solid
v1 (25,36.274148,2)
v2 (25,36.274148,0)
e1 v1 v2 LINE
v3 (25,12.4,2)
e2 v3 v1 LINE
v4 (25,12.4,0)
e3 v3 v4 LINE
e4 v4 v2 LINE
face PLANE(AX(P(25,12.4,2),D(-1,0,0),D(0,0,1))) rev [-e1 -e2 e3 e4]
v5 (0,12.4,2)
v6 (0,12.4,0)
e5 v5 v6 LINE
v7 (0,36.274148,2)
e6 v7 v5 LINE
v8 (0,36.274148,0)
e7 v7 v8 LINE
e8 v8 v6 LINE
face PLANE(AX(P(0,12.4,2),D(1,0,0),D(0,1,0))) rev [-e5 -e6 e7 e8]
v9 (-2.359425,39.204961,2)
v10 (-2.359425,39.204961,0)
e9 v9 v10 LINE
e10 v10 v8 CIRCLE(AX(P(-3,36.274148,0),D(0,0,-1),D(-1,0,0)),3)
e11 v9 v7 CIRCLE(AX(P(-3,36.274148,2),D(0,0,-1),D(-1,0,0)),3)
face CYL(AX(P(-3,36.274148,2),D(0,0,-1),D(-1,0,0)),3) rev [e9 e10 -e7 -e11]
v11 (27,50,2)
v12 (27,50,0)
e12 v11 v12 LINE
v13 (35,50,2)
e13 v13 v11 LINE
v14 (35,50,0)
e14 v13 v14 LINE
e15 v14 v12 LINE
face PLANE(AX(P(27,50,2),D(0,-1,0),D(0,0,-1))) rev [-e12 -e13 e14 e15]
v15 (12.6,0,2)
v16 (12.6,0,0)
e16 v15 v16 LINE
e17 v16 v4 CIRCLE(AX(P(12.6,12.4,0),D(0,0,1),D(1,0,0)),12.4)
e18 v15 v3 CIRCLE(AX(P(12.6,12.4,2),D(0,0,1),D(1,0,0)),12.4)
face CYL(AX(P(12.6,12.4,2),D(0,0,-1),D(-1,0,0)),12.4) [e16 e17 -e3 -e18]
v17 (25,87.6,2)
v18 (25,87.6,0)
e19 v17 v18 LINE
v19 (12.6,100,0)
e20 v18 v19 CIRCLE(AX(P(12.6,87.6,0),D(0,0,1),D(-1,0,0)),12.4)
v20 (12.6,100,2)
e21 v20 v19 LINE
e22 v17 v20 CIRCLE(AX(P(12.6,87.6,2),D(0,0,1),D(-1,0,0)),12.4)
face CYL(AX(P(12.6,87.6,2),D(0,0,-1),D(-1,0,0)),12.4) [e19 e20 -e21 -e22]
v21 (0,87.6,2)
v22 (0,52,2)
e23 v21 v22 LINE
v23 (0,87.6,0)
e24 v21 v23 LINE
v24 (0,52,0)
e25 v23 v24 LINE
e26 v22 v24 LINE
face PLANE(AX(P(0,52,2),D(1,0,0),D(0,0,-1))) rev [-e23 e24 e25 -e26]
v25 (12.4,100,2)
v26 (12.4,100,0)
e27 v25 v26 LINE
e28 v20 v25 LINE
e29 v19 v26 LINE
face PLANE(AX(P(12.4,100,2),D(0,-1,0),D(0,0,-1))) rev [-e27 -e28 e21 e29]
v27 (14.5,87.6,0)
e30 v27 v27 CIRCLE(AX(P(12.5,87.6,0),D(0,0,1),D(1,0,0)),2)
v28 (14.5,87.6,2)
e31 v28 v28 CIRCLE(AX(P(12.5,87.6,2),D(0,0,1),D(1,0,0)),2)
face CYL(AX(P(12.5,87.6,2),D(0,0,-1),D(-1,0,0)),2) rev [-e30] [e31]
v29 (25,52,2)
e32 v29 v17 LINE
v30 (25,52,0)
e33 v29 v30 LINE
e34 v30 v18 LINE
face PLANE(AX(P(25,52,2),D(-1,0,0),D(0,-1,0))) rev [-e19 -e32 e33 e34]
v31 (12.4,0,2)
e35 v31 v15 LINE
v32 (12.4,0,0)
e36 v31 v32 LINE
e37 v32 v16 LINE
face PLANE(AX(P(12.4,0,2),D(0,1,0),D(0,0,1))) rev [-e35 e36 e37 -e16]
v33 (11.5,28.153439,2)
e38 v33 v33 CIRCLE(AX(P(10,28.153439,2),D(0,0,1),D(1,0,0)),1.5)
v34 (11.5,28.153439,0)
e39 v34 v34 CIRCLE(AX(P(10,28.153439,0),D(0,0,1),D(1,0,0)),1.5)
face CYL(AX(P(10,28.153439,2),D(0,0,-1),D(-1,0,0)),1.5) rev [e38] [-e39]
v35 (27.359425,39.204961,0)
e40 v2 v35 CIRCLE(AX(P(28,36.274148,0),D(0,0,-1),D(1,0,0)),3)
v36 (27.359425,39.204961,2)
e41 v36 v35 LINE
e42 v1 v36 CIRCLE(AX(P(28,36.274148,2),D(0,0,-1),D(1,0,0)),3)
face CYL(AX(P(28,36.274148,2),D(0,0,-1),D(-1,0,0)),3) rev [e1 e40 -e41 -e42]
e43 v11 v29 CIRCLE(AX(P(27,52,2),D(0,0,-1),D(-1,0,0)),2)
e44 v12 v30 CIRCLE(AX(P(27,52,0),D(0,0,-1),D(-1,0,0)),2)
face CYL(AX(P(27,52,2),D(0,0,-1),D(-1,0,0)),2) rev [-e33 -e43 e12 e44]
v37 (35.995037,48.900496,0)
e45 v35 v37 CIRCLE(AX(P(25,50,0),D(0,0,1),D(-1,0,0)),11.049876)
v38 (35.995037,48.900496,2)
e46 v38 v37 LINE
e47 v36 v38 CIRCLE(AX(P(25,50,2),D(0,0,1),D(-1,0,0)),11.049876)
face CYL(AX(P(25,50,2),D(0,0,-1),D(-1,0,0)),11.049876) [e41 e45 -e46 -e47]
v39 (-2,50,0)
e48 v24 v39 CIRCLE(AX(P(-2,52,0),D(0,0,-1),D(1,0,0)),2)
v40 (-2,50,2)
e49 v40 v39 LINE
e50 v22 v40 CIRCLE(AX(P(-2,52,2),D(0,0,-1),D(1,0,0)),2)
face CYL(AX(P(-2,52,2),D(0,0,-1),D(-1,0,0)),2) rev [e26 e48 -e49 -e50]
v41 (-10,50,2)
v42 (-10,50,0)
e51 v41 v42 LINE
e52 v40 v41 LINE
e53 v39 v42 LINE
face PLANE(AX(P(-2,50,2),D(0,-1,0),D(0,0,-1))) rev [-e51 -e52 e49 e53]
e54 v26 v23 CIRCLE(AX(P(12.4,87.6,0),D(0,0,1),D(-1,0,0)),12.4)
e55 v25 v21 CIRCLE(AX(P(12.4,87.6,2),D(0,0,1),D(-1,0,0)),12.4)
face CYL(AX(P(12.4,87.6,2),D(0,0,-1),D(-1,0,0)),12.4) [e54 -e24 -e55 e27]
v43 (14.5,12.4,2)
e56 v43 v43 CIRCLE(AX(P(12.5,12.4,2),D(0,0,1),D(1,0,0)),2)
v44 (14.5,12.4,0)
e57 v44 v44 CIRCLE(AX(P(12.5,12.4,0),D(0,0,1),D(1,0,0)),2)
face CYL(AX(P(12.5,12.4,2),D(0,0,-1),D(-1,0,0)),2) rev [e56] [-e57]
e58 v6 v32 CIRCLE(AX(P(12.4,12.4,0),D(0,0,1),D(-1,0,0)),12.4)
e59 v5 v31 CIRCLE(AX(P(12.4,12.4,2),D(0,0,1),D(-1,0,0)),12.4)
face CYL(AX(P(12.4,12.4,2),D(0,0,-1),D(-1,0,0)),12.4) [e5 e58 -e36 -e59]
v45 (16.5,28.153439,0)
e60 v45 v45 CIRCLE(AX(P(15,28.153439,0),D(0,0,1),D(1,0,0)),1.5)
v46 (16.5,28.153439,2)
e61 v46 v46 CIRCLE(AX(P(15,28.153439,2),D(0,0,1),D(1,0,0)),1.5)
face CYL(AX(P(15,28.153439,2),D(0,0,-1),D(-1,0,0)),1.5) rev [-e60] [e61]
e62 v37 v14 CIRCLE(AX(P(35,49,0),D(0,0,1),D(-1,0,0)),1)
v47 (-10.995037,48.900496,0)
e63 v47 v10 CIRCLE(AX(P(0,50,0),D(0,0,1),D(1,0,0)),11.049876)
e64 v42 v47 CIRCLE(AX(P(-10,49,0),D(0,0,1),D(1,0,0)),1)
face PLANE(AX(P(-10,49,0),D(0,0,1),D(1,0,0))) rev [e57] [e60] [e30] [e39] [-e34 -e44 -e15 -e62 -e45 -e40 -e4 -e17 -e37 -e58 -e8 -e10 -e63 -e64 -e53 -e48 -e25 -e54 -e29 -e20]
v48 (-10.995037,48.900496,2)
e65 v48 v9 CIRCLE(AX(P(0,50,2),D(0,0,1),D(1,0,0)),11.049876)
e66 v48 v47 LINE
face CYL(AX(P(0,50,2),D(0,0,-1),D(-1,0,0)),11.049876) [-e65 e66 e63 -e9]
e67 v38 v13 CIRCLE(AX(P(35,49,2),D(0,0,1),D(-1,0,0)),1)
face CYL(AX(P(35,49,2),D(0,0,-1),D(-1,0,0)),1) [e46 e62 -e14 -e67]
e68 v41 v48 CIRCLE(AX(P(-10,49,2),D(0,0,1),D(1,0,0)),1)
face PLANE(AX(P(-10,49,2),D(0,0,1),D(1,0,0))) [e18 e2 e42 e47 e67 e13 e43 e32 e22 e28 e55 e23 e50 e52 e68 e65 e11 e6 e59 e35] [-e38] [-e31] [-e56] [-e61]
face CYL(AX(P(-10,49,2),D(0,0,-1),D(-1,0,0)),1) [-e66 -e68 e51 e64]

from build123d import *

# Parameters (mm, degrees)
SKETCH1_R           = 2
SKETCH1_R_2         = 1.5
BOSS_EXTRUDE1_DEPTH = 2


with BuildPart() as part:
    # Sketch1 → Boss-Extrude1 (new body)
    with BuildSketch(Plane.XY):
        with BuildLine():
            Line((12.4, 0), (12.6, 0))
            ThreePointArc((12.6, 0), (21.368124087, 3.631875913), (25, 12.4))
            Line((25, 12.4), (25, 36.274148297))
            ThreePointArc((25, 36.274148297), (25.663151139, 38.155407822), (27.359424934, 39.204961083))
            ThreePointArc((27.359424934, 39.204961083), (33.251440199, 42.65061323), (35.99503719, 48.900496281))
            ThreePointArc((35.99503719, 48.900496281), (35.741452534, 49.671005321), (35, 50))
            Line((35, 50), (27, 50))
            ThreePointArc((27, 50), (25.585786438, 50.585786438), (25, 52))
            Line((25, 52), (25, 87.6))
            ThreePointArc((25, 87.6), (21.368124087, 96.368124087), (12.6, 100))
            Line((12.6, 100), (12.4, 100))
            ThreePointArc((12.4, 100), (3.631875913, 96.368124087), (0, 87.6))
            Line((0, 87.6), (0, 52))
            ThreePointArc((0, 52), (-0.585786438, 50.585786438), (-2, 50))
            Line((-2, 50), (-10, 50))
            ThreePointArc((-10, 50), (-10.741452534, 49.671005321), (-10.99503719, 48.900496281))
            ThreePointArc((-10.99503719, 48.900496281), (-8.251440199, 42.65061323), (-2.359424934, 39.204961083))
            ThreePointArc((-2.359424934, 39.204961083), (-0.663151139, 38.155407822), (0, 36.274148297))
            Line((0, 36.274148297), (0, 12.4))
            ThreePointArc((0, 12.4), (3.631875913, 3.631875913), (12.4, 0))
        make_face()
        with Locations((12.5, 87.6)):
            Circle(SKETCH1_R, mode=Mode.SUBTRACT)
        with Locations((12.5, 12.4)):
            Circle(SKETCH1_R, mode=Mode.SUBTRACT)
        with Locations((10, 28.153438796)):
            Circle(SKETCH1_R_2, mode=Mode.SUBTRACT)
        with Locations((15, 28.153438796)):
            Circle(SKETCH1_R_2, mode=Mode.SUBTRACT)
    extrude(amount=BOSS_EXTRUDE1_DEPTH)


solid = part.part
